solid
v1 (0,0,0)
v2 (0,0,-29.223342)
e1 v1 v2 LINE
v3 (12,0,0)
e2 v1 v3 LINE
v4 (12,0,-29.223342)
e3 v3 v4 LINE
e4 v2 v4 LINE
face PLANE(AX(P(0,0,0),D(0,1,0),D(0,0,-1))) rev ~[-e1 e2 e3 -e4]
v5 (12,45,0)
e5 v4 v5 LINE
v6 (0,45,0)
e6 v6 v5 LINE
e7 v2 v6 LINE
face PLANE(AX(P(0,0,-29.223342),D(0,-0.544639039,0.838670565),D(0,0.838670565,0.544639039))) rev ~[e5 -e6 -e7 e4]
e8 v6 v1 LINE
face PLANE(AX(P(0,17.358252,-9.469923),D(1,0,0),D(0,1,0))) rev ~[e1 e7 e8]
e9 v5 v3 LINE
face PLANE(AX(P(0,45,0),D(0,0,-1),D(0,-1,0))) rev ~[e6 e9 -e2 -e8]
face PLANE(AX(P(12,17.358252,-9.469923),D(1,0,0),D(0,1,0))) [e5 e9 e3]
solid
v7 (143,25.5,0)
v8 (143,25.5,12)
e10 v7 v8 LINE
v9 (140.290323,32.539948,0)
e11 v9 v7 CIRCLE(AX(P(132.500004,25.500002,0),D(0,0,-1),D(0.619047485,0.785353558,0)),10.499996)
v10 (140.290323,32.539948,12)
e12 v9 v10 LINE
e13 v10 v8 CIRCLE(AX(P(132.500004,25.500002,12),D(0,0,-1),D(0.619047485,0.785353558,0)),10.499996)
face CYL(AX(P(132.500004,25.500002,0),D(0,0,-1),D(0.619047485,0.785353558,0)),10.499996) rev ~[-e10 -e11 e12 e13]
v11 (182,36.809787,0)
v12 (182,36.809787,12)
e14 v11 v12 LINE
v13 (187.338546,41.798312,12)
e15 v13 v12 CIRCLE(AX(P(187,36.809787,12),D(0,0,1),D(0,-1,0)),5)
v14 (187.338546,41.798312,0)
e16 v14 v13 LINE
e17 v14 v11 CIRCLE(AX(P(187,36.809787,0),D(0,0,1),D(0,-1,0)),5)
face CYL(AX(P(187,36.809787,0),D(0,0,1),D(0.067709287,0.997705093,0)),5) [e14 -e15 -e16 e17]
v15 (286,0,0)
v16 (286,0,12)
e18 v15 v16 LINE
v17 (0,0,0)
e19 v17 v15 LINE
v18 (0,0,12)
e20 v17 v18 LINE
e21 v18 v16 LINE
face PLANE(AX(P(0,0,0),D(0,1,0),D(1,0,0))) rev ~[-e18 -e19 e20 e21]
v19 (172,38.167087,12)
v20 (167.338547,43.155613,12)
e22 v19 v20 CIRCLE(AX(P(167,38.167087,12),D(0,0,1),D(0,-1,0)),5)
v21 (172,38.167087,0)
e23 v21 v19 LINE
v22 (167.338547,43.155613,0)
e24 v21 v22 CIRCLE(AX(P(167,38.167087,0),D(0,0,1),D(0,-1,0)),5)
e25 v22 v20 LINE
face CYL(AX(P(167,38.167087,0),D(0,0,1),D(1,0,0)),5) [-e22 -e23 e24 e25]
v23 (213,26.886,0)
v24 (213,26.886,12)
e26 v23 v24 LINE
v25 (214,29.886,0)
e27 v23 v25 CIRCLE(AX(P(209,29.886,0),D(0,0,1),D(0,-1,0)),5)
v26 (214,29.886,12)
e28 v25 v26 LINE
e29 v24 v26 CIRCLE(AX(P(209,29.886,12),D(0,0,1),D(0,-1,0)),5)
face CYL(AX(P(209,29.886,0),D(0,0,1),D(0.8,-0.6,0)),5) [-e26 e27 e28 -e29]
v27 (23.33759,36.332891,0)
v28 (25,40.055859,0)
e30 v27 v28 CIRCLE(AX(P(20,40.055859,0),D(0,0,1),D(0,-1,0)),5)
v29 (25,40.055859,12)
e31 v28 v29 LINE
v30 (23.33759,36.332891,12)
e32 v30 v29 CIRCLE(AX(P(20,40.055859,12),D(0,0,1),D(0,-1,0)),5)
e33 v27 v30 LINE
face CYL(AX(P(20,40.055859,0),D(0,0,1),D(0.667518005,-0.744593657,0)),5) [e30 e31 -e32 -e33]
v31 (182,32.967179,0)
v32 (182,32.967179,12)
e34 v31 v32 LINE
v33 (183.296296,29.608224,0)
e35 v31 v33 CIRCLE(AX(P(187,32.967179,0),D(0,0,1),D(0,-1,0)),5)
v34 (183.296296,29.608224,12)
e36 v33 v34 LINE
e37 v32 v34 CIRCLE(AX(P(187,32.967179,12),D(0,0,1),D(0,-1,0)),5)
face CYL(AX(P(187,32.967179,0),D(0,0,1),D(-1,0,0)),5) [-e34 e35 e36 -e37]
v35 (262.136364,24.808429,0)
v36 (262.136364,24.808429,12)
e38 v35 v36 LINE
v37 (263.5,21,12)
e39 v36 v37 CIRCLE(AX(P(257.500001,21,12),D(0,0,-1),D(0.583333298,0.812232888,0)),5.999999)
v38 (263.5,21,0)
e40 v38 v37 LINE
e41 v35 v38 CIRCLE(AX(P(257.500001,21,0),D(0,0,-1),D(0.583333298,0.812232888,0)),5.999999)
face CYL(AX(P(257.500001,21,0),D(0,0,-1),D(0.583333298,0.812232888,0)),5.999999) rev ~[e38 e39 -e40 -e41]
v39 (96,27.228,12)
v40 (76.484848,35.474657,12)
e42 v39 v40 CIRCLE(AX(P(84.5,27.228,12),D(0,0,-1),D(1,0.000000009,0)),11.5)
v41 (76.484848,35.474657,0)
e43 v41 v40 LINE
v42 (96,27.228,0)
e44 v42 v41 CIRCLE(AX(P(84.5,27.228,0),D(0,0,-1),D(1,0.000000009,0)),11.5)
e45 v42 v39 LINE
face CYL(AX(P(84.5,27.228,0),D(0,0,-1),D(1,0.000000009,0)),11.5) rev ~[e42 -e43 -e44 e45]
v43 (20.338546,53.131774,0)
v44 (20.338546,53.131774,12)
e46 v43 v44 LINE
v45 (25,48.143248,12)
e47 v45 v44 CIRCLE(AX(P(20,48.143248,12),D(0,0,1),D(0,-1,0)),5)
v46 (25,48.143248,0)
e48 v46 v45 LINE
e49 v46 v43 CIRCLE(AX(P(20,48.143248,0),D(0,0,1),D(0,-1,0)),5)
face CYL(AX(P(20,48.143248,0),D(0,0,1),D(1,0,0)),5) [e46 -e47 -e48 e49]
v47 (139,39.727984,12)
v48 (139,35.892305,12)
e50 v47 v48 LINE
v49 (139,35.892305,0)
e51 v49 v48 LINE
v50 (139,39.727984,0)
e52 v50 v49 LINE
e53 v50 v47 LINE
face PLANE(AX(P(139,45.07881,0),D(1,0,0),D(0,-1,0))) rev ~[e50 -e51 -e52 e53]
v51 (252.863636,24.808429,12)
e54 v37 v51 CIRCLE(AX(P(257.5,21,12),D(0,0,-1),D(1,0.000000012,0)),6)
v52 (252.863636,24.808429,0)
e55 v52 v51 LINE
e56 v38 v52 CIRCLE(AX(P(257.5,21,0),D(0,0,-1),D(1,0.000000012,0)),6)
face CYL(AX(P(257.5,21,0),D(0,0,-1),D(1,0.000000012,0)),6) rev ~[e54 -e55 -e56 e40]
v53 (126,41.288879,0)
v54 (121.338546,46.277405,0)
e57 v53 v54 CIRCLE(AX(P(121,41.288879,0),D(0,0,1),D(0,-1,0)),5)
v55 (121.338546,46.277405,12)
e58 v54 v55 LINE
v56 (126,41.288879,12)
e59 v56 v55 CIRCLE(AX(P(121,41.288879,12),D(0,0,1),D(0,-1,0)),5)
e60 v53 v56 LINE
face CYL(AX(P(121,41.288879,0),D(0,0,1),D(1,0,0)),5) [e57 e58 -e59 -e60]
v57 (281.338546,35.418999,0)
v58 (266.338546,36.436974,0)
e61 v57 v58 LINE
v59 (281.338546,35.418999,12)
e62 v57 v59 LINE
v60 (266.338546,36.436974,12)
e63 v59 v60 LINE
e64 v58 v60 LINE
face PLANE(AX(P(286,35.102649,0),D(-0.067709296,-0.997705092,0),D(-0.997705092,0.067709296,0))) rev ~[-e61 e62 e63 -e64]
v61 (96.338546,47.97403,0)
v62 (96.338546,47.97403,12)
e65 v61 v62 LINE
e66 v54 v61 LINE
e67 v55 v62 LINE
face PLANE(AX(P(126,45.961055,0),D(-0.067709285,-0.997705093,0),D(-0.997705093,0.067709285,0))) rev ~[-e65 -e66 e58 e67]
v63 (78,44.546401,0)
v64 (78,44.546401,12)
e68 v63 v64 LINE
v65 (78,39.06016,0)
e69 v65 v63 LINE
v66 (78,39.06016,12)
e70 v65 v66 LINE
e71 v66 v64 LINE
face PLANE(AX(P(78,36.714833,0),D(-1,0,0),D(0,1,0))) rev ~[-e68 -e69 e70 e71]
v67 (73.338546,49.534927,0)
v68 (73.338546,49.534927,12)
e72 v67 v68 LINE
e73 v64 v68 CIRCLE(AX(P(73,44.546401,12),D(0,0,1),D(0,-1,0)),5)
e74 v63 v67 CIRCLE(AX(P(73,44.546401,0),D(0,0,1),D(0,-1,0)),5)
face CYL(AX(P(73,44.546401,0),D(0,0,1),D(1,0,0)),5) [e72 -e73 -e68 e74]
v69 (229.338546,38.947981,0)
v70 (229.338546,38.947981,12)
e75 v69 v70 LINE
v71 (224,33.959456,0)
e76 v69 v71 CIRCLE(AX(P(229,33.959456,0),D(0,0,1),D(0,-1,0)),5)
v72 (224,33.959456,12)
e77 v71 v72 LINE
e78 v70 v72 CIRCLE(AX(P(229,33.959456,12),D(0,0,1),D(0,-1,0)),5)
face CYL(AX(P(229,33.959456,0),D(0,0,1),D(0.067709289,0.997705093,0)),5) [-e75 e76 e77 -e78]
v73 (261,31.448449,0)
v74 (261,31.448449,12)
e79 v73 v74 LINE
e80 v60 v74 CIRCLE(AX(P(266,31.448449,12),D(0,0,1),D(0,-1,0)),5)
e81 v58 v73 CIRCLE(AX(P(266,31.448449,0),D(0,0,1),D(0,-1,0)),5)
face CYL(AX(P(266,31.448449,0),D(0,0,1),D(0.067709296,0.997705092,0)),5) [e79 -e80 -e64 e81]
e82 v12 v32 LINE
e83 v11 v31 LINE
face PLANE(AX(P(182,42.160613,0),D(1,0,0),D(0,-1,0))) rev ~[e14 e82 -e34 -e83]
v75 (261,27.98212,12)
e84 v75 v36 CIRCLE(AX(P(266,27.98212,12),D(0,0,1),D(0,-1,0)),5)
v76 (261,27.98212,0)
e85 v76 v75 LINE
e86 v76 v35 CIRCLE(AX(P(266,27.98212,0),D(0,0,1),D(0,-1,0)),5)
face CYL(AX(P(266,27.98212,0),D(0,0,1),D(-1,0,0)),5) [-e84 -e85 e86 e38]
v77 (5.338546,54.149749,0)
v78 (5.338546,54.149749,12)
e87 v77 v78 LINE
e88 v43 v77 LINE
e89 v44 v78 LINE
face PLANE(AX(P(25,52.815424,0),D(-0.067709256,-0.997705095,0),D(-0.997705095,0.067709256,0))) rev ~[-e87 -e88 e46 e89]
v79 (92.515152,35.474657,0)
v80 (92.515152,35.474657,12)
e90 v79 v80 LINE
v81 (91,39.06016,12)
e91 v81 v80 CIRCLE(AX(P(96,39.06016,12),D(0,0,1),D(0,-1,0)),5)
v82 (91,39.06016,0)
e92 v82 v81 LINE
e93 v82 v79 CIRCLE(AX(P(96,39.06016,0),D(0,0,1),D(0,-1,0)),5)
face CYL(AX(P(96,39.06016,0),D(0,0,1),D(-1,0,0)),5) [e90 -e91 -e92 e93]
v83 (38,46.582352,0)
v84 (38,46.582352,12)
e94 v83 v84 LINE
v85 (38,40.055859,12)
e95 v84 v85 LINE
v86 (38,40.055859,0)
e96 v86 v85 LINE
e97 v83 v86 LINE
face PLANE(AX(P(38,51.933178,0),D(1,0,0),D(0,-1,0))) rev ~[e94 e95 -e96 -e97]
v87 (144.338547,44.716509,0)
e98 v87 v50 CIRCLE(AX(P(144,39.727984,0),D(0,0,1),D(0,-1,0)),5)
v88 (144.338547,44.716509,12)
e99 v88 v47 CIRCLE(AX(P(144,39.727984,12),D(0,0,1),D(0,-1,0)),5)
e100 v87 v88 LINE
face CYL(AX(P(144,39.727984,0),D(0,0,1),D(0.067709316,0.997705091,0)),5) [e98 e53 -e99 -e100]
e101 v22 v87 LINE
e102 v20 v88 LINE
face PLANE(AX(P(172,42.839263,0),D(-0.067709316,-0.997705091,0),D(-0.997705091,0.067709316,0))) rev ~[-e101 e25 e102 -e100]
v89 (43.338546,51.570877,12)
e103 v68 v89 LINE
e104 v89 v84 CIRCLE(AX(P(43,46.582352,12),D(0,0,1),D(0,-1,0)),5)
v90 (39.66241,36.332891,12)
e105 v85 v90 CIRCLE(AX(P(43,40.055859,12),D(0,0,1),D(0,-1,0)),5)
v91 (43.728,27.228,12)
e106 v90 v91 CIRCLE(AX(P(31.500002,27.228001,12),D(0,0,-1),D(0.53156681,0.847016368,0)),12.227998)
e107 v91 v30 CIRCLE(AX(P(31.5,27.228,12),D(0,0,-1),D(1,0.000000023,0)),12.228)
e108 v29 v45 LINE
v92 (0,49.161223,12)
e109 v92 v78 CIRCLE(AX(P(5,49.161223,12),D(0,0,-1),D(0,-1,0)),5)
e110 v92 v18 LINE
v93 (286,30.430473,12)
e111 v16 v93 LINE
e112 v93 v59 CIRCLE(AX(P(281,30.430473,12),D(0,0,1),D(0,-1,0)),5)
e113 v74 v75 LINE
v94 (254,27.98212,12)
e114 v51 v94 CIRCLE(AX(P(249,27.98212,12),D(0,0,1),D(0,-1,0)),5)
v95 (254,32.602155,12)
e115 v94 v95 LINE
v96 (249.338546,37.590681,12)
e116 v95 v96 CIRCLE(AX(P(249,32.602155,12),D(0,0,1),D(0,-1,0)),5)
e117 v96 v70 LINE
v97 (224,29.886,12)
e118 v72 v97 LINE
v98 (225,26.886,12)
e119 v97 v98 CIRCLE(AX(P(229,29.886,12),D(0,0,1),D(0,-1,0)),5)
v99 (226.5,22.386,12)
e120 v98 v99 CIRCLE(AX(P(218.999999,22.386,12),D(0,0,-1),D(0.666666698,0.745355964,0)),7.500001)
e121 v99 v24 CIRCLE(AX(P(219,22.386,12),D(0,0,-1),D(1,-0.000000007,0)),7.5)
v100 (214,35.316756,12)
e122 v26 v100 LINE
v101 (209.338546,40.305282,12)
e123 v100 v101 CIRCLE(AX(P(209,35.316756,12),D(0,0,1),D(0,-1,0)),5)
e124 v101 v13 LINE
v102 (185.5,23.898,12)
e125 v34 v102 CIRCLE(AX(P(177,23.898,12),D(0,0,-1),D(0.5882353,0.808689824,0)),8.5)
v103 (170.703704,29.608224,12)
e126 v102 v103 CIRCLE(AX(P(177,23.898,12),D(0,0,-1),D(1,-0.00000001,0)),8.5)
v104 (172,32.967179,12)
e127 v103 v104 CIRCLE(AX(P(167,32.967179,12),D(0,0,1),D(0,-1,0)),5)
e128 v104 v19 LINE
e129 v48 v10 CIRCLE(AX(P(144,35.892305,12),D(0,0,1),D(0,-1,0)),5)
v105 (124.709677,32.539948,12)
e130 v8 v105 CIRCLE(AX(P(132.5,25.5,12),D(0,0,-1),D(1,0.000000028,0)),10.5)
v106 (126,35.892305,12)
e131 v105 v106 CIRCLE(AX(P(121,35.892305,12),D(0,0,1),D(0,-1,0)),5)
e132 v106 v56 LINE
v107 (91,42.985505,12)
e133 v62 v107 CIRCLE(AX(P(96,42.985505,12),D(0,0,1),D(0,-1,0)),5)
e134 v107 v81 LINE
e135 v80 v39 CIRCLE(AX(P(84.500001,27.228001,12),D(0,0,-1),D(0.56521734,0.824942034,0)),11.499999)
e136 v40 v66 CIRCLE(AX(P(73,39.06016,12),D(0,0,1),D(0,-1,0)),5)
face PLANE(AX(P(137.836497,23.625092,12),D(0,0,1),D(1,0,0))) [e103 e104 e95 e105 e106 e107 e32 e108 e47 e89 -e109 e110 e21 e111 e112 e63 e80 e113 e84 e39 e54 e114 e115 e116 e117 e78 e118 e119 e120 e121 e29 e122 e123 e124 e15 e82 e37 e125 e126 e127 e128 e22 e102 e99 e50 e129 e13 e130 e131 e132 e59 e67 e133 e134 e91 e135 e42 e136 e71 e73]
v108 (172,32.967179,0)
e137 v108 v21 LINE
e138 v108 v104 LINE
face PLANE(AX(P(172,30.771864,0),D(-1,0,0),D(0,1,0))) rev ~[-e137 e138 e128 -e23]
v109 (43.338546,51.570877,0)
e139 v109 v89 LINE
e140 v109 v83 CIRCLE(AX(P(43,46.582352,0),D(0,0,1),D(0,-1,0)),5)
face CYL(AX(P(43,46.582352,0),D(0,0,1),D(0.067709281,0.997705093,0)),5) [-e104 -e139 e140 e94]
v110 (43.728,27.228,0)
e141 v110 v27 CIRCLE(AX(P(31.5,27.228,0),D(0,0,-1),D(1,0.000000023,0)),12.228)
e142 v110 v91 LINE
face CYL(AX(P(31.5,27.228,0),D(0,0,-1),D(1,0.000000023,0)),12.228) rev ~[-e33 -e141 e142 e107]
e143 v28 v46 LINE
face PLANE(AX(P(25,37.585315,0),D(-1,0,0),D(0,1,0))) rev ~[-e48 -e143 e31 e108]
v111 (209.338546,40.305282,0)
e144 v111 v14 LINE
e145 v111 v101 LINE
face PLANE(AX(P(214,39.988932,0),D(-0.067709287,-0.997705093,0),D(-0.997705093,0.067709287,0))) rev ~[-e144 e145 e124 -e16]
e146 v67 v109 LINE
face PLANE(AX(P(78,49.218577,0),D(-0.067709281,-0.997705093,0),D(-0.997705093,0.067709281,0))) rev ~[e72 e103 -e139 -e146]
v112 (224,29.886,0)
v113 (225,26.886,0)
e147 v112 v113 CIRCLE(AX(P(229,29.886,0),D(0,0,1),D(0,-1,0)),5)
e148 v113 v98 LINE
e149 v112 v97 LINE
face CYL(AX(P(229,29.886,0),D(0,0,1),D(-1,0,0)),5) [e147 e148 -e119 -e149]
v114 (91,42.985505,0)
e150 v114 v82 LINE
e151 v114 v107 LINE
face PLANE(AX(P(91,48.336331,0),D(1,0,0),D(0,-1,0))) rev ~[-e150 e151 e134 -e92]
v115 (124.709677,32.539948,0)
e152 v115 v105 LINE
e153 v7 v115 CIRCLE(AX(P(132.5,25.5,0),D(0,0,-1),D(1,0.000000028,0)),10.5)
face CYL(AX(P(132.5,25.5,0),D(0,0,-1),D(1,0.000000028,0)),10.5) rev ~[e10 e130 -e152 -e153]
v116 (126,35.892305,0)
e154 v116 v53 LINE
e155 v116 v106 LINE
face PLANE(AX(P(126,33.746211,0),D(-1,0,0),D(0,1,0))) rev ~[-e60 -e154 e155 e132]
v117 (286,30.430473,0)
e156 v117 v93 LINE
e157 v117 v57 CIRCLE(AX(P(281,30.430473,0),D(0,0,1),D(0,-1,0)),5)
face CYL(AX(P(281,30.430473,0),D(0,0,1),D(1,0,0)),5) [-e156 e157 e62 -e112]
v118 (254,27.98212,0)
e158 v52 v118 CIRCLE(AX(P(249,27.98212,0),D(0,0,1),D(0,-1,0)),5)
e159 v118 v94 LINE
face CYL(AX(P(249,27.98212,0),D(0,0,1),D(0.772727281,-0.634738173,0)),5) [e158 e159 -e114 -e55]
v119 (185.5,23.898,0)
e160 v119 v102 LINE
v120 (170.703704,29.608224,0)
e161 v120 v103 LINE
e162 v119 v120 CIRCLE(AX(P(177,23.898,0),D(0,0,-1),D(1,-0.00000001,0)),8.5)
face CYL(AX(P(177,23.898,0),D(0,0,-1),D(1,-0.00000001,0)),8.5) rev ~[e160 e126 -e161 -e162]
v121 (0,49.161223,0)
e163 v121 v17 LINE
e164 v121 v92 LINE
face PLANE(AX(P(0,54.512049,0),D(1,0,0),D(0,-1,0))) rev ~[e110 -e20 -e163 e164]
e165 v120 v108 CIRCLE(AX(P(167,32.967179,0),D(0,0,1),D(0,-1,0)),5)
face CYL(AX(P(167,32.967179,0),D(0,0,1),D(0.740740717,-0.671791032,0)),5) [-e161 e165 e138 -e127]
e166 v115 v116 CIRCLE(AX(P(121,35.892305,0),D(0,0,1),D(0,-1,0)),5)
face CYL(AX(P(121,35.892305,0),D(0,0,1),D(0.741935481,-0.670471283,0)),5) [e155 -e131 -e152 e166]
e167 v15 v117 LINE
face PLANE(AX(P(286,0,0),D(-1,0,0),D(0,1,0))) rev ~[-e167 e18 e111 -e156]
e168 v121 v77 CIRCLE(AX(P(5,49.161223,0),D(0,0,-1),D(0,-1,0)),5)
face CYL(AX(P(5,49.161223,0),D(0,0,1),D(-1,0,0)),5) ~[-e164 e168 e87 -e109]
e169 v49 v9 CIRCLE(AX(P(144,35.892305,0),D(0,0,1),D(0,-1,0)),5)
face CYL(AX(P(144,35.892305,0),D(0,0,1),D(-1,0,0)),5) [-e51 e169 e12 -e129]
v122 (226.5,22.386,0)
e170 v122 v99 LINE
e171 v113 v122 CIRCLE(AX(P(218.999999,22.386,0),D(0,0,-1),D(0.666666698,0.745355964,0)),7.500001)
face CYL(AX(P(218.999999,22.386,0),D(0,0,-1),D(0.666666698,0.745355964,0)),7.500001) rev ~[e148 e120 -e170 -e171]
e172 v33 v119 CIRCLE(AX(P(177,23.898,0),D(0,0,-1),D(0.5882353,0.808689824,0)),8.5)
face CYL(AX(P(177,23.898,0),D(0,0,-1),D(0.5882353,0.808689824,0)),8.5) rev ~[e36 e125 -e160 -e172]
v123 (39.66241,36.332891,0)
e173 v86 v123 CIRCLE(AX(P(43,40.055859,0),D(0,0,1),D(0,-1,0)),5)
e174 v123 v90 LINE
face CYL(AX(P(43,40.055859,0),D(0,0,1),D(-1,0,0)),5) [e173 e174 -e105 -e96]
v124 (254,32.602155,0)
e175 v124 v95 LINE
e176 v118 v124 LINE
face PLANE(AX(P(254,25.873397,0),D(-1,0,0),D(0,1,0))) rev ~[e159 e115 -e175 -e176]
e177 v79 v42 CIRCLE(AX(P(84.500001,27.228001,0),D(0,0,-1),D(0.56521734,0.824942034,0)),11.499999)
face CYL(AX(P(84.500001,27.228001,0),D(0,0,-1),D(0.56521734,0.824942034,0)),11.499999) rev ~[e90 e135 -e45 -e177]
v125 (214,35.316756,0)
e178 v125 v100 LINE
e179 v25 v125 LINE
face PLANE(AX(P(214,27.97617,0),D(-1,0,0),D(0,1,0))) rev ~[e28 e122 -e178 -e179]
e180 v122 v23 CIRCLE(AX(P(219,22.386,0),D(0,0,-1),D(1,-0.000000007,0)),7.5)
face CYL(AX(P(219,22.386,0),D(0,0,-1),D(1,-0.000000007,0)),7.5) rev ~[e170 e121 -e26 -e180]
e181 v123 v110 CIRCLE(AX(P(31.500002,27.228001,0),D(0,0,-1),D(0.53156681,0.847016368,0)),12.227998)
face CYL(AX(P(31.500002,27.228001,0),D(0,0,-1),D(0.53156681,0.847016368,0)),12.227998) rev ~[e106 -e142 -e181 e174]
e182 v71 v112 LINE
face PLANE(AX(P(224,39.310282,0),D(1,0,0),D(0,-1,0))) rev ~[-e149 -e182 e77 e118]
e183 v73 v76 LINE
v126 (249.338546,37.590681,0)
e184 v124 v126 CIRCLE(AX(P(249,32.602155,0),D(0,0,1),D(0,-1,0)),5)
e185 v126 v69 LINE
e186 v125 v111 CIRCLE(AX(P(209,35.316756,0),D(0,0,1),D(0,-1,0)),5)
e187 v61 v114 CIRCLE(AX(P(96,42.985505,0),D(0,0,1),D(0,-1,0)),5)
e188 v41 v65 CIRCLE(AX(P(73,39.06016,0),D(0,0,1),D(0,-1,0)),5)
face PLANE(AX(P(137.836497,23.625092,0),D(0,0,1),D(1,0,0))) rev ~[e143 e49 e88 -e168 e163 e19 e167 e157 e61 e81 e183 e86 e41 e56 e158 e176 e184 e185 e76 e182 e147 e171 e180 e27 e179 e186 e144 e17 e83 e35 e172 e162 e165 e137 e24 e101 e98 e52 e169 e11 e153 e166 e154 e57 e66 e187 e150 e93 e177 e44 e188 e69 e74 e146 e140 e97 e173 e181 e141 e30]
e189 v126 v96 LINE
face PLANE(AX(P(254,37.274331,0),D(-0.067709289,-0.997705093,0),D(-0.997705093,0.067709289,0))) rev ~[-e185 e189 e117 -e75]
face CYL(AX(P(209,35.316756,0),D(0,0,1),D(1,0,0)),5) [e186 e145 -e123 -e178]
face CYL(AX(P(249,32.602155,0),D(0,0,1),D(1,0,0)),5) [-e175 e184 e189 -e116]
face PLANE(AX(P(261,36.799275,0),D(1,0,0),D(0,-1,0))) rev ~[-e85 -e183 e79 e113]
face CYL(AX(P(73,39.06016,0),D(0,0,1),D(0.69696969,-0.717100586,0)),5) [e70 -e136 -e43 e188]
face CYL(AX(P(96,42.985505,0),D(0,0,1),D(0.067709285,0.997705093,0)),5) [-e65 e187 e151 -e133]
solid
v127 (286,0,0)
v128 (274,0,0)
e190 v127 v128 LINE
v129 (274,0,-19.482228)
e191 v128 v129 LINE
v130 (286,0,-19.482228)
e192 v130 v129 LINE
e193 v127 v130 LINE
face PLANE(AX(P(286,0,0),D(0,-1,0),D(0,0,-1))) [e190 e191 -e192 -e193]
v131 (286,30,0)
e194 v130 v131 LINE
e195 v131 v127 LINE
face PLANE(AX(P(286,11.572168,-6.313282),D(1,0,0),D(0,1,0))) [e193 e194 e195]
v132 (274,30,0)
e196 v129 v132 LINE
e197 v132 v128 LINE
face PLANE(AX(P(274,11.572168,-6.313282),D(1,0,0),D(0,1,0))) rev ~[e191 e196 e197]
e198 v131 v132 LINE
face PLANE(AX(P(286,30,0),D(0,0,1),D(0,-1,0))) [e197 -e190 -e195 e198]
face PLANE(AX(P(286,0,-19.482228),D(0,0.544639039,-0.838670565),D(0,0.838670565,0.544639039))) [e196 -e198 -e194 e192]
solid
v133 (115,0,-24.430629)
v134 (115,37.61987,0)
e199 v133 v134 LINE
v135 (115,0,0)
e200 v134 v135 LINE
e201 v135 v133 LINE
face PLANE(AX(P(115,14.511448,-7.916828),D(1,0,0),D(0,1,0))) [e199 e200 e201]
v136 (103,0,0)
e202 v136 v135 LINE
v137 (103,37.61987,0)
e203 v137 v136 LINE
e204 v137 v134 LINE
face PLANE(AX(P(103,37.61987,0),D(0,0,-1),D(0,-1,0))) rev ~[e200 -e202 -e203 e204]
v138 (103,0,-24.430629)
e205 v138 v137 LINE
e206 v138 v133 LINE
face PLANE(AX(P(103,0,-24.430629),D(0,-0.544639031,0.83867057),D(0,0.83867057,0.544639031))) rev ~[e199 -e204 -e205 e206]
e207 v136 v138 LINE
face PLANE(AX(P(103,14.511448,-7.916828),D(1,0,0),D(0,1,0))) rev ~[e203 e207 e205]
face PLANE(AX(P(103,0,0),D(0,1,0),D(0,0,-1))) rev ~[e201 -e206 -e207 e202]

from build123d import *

# Parameters (mm, degrees)
F1_DEPTH = 12
F2_R     = 5
F4_DEPTH = 12
F6_DEPTH = 12
F9_DEPTH = 12


with BuildPart() as f1:
    # F0 (on Top) → F1 (new body)
    with BuildSketch(Plane.XY):
        with BuildLine():
            Line((0, 54.512049), (0, 0))
            Line((0, 0), (286, 0))
            Line((286, 0), (286, 35.102649))
            Line((286, 35.102649), (261, 36.799275))
            Line((261, 36.799275), (261, 25.873397))
            ThreePointArc((261, 25.873397), (262.838539, 23.738613), (263.5, 21))
            ThreePointArc((263.5, 21), (254.761387, 15.661461), (254, 25.873397))
            Line((254, 25.873397), (254, 37.274331))
            Line((254, 37.274331), (224, 39.310282))
            Line((224, 39.310282), (224, 27.97617))
            ThreePointArc((224, 27.97617), (225.846532, 25.447862), (226.5, 22.386))
            ThreePointArc((226.5, 22.386), (215.938138, 15.539468), (214, 27.97617))
            Line((214, 27.97617), (214, 39.988932))
            Line((214, 39.988932), (182, 42.160613))
            Line((182, 42.160613), (182, 30.771864))
            ThreePointArc((182, 30.771864), (184.574629, 27.754812), (185.5, 23.898))
            ThreePointArc((185.5, 23.898), (173.143188, 16.323371), (172, 30.771864))
            Line((172, 30.771864), (172, 42.839263))
            Line((172, 42.839263), (139, 45.07881))
            Line((139, 45.07881), (139, 33.746211))
            ThreePointArc((139, 33.746211), (141.947222, 30.082576), (143, 25.5))
            ThreePointArc((143, 25.5), (127.917424, 16.052778), (126, 33.746211))
            Line((126, 33.746211), (126, 45.961055))
            Line((126, 45.961055), (91, 48.336331))
            Line((91, 48.336331), (91, 36.714833))
            ThreePointArc((91, 36.714833), (94.673495, 32.589903), (96, 27.228))
            ThreePointArc((96, 27.228), (79.138097, 17.054505), (78, 36.714833))
            Line((78, 36.714833), (78, 49.218577))
            Line((78, 49.218577), (38, 51.933178))
            Line((38, 51.933178), (38, 37.585315))
            ThreePointArc((38, 37.585315), (42.200607, 33.145854), (43.728, 27.228))
            ThreePointArc((43.728, 27.228), (25.582146, 16.527393), (25, 37.585315))
            Line((25, 37.585315), (25, 52.815424))
            Line((25, 52.815424), (0, 54.512049))
        make_face()
    extrude(amount=F1_DEPTH)

    # F2
    f2_edges = [f1.edges().sort_by_distance(p)[0] for p in [
        (286, 35.102649, 6),
        (261, 36.799275, 6),
        (254, 37.274331, 6),
        (224, 39.310282, 6),
        (214, 39.988932, 6),
        (182, 42.160613, 6),
        (172, 42.839263, 6),
        (139, 45.07881, 6),
        (126, 45.961055, 6),
        (91, 48.336331, 6),
        (78, 49.218577, 6),
        (38, 51.933178, 6),
        (25, 52.815424, 6),
        (0, 54.512049, 6),
        (25, 37.585315, 6),
        (38, 37.585315, 6),
        (91, 36.714833, 6),
        (139, 33.746211, 6),
        (182, 30.771864, 6),
        (78, 36.714833, 6),
        (126, 33.746211, 6),
        (214, 27.97617, 6),
        (254, 25.873397, 6),
        (261, 25.873397, 6),
        (224, 27.97617, 6),
        (172, 30.771864, 6),
    ]]
    fillet(f2_edges, radius=F2_R)


with BuildPart() as f4:
    # F3 (on Right) → F4 (new body)
    with BuildSketch(Plane.YZ):
        Polygon((45, 0), (0, 0), (0, -29.223342), align=None)
    extrude(amount=F4_DEPTH)


with BuildPart() as f6:
    # F5 (on face) → F6 (new body)
    with BuildSketch(Plane.YZ.offset(286)):
        Polygon((30, 0), (0, 0), (0, -19.482228), align=None)
    extrude(amount=-F6_DEPTH)


with BuildPart() as f9:
    # F8 (on offset) → F9 (new body)
    with BuildSketch(Plane.YZ.offset(103)):
        Polygon((0, -24.430629), (37.61987, 0), (0, 0), align=None)
    extrude(amount=F9_DEPTH)


solid = Compound([f1.part, f4.part, f6.part, f9.part])
